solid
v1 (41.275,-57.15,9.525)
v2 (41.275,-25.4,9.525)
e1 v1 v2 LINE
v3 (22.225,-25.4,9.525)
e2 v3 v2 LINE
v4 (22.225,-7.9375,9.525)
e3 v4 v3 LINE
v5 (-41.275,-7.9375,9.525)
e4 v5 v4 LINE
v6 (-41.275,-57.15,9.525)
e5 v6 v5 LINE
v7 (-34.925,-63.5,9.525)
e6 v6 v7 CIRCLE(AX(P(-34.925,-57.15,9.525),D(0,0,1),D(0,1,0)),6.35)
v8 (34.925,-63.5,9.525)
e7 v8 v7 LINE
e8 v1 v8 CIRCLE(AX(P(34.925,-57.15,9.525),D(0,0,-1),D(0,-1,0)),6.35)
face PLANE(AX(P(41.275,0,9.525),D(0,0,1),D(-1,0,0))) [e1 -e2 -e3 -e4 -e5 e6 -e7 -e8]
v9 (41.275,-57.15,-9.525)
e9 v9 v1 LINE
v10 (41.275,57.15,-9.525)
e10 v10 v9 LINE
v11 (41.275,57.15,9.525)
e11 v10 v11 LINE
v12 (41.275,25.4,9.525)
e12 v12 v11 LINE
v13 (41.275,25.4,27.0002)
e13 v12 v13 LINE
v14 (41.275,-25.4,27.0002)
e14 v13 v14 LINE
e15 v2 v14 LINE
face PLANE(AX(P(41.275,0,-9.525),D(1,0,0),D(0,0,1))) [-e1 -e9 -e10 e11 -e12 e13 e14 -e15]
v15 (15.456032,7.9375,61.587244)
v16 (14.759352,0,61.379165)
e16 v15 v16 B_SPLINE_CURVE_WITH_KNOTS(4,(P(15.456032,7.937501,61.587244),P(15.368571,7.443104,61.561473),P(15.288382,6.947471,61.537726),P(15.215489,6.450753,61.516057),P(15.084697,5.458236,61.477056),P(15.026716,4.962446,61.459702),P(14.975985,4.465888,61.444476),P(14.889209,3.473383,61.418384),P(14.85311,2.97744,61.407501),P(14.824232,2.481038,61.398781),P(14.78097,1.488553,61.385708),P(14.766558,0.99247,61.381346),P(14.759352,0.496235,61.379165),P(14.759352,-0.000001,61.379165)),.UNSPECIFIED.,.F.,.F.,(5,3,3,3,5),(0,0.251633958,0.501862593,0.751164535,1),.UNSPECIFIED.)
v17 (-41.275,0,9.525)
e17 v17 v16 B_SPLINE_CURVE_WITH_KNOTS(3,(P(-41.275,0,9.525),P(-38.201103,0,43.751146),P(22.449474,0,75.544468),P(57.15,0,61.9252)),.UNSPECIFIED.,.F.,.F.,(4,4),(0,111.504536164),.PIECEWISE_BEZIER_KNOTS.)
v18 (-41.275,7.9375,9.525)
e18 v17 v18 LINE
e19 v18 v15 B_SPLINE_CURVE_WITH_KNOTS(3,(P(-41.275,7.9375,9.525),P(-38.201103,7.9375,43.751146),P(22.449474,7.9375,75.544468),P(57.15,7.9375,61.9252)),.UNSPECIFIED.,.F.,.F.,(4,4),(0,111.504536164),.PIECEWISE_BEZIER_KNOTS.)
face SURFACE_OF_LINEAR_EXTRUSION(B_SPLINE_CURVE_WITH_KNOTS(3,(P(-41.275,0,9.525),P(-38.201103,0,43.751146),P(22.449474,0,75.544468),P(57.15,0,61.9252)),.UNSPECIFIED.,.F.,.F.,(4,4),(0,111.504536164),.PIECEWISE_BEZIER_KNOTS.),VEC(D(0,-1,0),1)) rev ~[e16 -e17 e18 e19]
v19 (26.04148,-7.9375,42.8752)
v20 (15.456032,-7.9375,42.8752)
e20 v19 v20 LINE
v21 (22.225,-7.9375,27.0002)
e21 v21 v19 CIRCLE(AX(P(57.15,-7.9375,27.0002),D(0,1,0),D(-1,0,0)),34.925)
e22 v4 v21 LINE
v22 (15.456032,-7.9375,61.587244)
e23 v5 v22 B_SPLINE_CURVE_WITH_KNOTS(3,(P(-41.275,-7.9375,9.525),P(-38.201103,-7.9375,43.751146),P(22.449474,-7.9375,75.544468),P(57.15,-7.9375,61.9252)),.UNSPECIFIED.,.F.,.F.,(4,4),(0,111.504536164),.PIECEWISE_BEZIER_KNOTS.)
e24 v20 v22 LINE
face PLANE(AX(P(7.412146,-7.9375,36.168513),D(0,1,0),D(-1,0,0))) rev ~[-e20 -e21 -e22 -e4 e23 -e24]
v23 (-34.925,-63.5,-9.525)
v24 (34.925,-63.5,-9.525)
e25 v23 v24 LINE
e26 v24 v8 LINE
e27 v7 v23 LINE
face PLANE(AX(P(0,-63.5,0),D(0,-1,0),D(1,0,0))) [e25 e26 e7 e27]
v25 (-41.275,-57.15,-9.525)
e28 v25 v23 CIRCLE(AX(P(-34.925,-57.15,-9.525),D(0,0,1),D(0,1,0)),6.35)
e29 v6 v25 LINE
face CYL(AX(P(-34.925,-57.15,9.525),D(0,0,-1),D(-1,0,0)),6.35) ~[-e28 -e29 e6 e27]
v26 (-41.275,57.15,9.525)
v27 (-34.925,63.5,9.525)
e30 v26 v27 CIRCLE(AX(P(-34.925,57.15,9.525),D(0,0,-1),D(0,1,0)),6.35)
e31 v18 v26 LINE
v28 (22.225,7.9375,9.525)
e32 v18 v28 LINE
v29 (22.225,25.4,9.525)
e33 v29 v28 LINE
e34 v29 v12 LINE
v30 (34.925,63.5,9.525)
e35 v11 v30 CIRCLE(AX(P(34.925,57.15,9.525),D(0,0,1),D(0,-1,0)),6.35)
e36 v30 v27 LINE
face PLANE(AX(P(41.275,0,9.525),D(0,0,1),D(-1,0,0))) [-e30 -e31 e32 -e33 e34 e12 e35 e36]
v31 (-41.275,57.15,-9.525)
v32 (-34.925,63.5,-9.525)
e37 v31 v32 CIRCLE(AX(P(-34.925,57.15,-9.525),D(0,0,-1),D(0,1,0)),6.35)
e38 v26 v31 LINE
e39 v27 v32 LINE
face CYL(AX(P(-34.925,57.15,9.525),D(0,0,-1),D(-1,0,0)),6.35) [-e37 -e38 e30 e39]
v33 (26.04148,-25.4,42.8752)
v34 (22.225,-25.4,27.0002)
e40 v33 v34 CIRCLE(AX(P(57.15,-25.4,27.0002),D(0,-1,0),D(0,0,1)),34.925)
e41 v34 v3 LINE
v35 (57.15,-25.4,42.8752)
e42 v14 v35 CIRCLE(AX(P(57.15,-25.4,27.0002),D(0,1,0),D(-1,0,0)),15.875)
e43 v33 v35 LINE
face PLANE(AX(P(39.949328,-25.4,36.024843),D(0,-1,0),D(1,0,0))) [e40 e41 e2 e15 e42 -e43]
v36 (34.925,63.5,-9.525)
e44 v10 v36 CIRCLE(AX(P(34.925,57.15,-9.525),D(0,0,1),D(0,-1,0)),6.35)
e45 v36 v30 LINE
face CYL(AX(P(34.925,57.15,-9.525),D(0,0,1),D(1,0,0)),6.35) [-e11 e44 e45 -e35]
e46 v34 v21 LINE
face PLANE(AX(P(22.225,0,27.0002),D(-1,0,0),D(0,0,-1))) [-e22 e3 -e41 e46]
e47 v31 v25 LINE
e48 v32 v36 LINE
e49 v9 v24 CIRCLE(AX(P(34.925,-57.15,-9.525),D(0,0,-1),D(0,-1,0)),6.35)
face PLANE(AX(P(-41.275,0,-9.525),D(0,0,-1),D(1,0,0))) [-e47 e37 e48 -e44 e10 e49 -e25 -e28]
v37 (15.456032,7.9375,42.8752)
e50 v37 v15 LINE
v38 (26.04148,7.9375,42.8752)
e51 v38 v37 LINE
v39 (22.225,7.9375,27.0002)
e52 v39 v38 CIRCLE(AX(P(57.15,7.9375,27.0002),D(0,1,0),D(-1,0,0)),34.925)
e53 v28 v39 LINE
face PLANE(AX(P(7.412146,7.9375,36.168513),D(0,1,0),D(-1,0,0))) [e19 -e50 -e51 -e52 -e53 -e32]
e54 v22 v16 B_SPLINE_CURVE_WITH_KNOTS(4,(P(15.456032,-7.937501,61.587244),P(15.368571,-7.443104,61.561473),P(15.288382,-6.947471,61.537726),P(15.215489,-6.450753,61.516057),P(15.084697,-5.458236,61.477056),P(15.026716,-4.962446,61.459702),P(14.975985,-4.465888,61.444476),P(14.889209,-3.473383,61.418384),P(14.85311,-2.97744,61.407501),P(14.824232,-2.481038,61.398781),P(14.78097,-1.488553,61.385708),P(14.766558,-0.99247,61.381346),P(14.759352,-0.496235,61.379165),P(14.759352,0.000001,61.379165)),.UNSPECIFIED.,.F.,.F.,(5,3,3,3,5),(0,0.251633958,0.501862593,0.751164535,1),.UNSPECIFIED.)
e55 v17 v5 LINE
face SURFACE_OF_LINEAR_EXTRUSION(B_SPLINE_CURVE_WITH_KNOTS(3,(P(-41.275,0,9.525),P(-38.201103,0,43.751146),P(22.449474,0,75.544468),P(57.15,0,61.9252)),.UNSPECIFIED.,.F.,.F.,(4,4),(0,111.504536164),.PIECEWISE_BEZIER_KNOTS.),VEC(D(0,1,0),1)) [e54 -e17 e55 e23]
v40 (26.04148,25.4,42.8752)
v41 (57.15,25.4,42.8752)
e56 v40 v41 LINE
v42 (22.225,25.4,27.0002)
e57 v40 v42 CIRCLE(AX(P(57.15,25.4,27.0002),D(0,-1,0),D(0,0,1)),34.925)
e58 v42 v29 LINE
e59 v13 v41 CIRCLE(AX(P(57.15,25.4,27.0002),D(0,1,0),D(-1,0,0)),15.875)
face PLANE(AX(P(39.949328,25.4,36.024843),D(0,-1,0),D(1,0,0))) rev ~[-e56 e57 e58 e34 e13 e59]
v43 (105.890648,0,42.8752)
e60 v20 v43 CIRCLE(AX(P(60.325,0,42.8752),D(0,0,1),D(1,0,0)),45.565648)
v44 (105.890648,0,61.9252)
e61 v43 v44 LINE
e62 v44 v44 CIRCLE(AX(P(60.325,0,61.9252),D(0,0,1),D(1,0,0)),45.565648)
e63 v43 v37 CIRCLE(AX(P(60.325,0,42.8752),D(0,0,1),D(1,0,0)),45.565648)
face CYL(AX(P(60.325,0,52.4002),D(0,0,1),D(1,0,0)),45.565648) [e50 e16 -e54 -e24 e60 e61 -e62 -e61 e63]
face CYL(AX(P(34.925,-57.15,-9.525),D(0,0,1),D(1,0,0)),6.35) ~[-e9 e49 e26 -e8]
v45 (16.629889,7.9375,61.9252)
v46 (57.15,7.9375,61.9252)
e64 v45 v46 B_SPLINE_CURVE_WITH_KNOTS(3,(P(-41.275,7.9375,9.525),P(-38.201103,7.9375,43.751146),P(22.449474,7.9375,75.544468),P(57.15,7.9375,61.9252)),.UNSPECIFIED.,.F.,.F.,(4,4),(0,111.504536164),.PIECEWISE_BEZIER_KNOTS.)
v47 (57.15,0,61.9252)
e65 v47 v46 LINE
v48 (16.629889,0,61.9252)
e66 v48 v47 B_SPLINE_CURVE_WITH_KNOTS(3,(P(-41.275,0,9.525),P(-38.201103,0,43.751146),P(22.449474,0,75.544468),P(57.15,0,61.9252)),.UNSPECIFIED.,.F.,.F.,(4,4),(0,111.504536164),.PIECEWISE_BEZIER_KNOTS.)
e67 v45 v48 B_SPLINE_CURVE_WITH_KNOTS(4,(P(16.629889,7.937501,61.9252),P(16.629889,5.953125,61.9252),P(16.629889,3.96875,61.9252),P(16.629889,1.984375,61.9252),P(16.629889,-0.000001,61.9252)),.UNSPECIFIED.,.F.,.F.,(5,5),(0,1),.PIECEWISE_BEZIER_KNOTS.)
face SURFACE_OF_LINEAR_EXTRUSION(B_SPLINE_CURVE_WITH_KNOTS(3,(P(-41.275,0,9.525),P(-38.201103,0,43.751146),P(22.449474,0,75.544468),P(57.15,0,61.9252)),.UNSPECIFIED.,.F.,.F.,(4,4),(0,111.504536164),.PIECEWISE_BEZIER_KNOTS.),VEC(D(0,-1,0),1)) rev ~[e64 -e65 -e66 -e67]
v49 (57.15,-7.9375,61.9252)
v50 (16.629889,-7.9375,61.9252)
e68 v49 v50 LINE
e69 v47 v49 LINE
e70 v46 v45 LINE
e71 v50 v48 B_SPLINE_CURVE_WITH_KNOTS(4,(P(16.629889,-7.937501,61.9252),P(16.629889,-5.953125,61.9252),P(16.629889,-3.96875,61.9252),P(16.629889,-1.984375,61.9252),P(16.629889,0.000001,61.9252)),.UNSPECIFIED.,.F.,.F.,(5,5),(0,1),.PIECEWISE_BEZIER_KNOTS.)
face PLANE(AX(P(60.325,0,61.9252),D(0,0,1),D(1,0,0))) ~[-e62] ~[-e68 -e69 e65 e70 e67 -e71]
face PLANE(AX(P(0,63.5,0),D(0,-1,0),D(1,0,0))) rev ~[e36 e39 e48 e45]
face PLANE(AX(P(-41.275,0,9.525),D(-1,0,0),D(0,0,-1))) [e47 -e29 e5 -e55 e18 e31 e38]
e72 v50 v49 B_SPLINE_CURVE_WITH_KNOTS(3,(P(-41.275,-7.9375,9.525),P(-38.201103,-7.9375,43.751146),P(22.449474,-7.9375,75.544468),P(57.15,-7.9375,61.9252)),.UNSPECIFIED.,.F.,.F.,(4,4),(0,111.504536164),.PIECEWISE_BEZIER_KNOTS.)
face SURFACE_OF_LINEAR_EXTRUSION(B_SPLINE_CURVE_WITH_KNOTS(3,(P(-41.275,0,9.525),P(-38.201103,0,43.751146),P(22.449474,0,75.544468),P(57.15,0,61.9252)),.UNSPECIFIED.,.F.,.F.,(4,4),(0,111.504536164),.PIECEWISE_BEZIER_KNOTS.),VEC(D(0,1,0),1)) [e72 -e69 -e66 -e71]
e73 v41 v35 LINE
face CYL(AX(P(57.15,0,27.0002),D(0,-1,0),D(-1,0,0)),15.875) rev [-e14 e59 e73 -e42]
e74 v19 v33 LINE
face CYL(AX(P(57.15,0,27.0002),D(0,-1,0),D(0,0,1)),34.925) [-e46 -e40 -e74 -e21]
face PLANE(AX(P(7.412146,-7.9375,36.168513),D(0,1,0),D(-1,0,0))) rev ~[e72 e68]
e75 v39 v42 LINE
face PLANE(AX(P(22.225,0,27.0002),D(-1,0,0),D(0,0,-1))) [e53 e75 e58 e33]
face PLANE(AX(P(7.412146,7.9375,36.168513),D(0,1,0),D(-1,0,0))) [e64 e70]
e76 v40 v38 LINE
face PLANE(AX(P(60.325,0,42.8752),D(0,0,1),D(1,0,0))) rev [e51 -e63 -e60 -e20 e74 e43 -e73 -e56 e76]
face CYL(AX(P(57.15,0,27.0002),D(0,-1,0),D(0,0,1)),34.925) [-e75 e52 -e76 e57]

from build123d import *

# Parameters (mm, degrees)
F1_DEPTH = 63.5
F2_DEPTH = 25.4
F3_DEPTH = 7.9375
F0_W     = 45.5656475117
F0_H     = 19.05
F5_R     = 6.35


with BuildPart() as f1:
    # F0 (on Front) → F1 (new body, symmetric)
    with BuildSketch(Plane.XZ):
        Polygon((22.225, 9.525), (-41.275, 9.525), (-41.275, -9.525), (41.275, -9.525), (41.275, 9.525), align=None)
    extrude(amount=F1_DEPTH, both=True)

    # F0 (on Front) → F2 (join, symmetric)
    with BuildSketch(Plane.XZ):
        with BuildLine():
            Line((22.225, 27.0002), (22.225, 9.525))
            Line((22.225, 9.525), (41.275, 9.525))
            Line((41.275, 9.525), (41.275, 27.0002))
            ThreePointArc((41.275, 27.0002), (45.9246798487, 38.2255201513), (57.15, 42.8752))
            Line((57.15, 42.8752), (60.325, 42.8752))
            Line((60.325, 42.8752), (60.325, 61.9252))
            Line((60.325, 61.9252), (57.15, 61.9252))
            ThreePointArc((57.15, 61.9252), (32.4542956671, 51.6959043329), (22.225, 27.0002))
        make_face()
    extrude(amount=F2_DEPTH, both=True)

    # F0 (on Front) → F3 (join, symmetric)
    with BuildSketch(Plane.XZ):
        with BuildLine():
            add(Edge.make_bspline(
                [(-41.275, 9.525), (-38.2011030893, 43.7511456965), (22.4494743774, 75.5444682119), (57.15, 61.9252)],
                knots=[0, 0, 0, 0, 111.5045361635, 111.5045361635, 111.5045361635, 111.5045361635], degree=3))
            Line((-41.275, 9.525), (22.225, 9.525))
            Line((22.225, 9.525), (22.225, 27.0002))
            ThreePointArc((22.225, 27.0002), (32.4542956671, 51.6959043329), (57.15, 61.9252))
        make_face()
    extrude(amount=F3_DEPTH, both=True)

    # F0 (on Front) → F4 (revolve)
    with BuildSketch(Plane.XZ):
        with Locations((83.1078237558, 52.4002)):
            Rectangle(F0_W, F0_H)
    revolve(axis=Axis((60.325, 0, 52.3875), (0, 0, 1)))

    # F5
    f5_edges = [f1.edges().sort_by_distance(p)[0] for p in [
        (41.275, -63.5, 0),
        (-41.275, -63.5, 0),
        (41.275, 63.5, 0),
        (-41.275, 63.5, 0),
    ]]
    fillet(f5_edges, radius=F5_R)


solid = f1.part
